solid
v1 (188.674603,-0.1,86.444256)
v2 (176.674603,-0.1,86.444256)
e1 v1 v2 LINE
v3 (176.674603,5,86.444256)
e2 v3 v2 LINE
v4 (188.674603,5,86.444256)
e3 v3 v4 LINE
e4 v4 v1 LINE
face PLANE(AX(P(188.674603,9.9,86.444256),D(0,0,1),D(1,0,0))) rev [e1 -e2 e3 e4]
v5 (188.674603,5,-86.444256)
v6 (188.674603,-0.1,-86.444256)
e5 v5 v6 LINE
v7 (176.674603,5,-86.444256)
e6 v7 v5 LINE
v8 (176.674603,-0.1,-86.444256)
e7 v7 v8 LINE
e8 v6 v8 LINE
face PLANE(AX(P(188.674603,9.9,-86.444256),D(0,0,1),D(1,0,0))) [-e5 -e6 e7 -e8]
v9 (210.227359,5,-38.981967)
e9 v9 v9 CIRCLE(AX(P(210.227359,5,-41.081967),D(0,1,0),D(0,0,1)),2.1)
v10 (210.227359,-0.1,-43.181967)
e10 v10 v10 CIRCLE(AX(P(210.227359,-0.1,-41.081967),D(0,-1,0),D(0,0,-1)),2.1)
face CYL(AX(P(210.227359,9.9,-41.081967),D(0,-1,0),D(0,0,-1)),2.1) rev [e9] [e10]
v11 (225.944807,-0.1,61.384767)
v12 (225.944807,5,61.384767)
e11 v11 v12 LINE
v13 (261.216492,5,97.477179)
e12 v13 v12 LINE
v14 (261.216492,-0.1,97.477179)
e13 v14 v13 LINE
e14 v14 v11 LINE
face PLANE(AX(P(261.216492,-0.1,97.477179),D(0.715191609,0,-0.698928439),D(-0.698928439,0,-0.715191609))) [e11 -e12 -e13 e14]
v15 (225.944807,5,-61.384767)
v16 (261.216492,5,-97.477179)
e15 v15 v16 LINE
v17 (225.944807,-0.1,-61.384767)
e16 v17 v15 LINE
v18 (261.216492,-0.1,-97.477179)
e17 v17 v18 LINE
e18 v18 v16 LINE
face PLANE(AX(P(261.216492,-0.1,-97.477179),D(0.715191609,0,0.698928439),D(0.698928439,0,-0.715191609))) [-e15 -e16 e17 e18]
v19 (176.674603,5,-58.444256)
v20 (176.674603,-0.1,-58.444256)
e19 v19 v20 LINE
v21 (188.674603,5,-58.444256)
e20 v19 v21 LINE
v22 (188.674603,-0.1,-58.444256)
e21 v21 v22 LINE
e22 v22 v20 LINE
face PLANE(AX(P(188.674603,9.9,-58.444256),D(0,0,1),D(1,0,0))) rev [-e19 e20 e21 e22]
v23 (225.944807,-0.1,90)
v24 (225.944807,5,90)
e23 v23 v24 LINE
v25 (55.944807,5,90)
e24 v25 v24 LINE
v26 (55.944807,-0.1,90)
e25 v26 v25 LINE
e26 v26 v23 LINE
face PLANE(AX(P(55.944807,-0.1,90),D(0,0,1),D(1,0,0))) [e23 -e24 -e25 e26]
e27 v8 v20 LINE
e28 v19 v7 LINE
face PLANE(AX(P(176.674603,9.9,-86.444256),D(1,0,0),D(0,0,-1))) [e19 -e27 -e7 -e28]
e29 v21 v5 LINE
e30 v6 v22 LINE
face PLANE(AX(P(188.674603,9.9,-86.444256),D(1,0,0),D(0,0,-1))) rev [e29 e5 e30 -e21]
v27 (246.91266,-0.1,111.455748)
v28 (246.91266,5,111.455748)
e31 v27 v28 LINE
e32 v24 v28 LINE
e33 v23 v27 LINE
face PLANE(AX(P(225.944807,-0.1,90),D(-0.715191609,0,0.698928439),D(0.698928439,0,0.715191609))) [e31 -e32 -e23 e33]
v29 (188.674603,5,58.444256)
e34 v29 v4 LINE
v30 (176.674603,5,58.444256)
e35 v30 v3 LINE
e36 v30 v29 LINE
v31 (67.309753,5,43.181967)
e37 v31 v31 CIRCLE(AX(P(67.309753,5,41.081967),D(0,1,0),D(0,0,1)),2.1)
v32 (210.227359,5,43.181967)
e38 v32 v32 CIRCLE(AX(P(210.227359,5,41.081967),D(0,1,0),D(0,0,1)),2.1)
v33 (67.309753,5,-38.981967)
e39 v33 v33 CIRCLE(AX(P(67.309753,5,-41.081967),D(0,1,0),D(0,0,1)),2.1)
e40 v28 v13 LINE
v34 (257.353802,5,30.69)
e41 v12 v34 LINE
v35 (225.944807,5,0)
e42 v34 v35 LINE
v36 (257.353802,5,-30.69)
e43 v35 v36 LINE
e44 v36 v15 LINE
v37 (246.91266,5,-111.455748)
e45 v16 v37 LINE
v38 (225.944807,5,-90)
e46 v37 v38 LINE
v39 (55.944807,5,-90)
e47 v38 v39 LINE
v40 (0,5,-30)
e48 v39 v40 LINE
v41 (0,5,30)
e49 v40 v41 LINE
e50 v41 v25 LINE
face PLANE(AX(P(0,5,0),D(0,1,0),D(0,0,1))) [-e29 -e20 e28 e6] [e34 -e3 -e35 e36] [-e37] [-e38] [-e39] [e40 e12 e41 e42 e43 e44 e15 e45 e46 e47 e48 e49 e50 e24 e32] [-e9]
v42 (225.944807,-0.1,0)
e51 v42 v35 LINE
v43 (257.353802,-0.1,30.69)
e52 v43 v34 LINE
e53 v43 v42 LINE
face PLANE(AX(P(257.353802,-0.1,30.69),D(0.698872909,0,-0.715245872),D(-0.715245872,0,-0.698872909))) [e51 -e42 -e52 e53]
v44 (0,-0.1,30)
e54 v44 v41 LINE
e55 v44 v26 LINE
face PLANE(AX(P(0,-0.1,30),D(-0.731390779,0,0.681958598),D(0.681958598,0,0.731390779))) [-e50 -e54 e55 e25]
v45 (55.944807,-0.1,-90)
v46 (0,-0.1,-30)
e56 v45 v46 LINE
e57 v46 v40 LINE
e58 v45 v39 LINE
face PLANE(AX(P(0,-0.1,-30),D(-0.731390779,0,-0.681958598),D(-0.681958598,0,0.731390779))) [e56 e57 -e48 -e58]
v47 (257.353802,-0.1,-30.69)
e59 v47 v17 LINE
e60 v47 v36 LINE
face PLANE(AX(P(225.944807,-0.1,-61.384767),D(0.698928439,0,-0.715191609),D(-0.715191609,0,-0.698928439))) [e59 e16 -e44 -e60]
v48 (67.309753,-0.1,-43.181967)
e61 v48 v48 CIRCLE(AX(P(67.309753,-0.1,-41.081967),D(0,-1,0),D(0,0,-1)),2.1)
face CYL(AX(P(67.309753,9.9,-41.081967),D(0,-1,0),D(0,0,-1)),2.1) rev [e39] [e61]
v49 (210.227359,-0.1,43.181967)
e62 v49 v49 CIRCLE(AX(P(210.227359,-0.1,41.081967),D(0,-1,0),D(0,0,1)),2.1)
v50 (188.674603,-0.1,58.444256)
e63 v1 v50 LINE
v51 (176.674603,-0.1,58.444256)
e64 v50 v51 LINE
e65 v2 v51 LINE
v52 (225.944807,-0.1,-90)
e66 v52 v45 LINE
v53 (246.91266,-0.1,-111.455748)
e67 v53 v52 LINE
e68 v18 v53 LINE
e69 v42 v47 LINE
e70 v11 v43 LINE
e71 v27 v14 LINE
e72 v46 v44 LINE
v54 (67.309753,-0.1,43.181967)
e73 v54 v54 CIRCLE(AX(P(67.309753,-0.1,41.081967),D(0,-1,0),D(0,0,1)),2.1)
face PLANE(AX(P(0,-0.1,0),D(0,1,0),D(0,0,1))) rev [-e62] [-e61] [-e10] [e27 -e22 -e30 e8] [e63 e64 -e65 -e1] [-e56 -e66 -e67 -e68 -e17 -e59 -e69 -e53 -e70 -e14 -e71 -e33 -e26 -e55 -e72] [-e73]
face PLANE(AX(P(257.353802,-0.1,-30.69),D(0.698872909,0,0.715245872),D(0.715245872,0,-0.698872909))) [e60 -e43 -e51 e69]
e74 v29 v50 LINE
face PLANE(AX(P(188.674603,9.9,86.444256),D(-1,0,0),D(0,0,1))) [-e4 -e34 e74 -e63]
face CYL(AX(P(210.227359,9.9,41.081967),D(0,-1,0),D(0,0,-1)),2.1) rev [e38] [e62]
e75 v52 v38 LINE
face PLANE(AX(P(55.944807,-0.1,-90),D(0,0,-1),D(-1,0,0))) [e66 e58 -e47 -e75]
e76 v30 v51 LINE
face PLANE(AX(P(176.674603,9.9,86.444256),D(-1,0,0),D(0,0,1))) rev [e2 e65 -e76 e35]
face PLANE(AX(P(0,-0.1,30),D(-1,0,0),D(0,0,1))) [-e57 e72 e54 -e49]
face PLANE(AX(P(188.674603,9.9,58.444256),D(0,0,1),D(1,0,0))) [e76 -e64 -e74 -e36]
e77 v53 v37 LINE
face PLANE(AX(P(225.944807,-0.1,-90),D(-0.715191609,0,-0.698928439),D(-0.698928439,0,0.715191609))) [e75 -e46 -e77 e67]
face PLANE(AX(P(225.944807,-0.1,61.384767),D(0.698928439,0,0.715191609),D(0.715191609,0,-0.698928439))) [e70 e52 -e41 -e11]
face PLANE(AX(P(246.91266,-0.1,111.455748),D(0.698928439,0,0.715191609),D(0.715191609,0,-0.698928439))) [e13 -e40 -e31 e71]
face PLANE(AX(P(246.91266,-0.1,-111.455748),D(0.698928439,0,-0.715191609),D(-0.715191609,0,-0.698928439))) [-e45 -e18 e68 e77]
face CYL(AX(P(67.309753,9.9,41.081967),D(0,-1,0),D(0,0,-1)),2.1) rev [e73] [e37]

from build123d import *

# Parameters (mm, degrees)
BOSS_EXTRUDE2_DEPTH      = 5
BOSS_EXTRUDE2_DEPTH_BACK = 0.1
SKETCH6_R                = 2.1
CUT_EXTRUDE2_DEPTH       = 10
SKETCH2_W                = 12
SKETCH2_H                = 28
CUT_EXTRUDE3_DEPTH       = 10


with BuildPart() as part:
    # Sketch1 → Boss-Extrude2 (new, two sides: drawn at the far end of the back side and taken through both)
    with BuildSketch(Plane(origin=(0, 0, 0), x_dir=(1, 0, 0), z_dir=(0, 1, 0)).offset(-BOSS_EXTRUDE2_DEPTH_BACK)):
        Polygon((0, -30), (0, 30), (55.94480687, 90), (225.94480687, 90), (246.912660032, 111.45574827), (261.216492211, 97.477179495), (225.94480687, 61.384767177), (257.353801996, 30.69), (225.94480687, 0), (257.353801996, -30.69), (225.94480687, -61.384767177), (261.216492211, -97.477179495), (246.912660032, -111.45574827), (225.94480687, -90), (55.94480687, -90), align=None)
    extrude(amount=BOSS_EXTRUDE2_DEPTH + BOSS_EXTRUDE2_DEPTH_BACK)

    # Sketch6 → Cut-Extrude2 (cut)
    with BuildSketch(Plane(origin=(0, -0.1, 0), x_dir=(-1, 0, 0), z_dir=(0, -1, 0))):
        with Locations(Location((-67.309752753, 41.081967218, 0), (0, 0, 90))):
            Circle(SKETCH6_R)
        with Locations(Location((-210.227358504, 41.081967218, 0), (0, 0, 90))):
            Circle(SKETCH6_R)
        with Locations(Location((-210.227358504, -41.081967218, 0), (0, 0, 270))):
            Circle(SKETCH6_R)
        with Locations(Location((-67.309752753, -41.081967218, 0), (0, 0, 270))):
            Circle(SKETCH6_R)
    extrude(amount=-CUT_EXTRUDE2_DEPTH, mode=Mode.SUBTRACT)

    # Sketch2 → Cut-Extrude3 (cut)
    with BuildSketch(Plane.XZ.offset(0.1)):
        with Locations((182.674603171, -72.444256033)):
            Rectangle(SKETCH2_W, SKETCH2_H)
        with Locations((182.674603171, 72.444256033)):
            Rectangle(SKETCH2_W, SKETCH2_H)
    extrude(amount=-CUT_EXTRUDE3_DEPTH, mode=Mode.SUBTRACT)


solid = part.part
